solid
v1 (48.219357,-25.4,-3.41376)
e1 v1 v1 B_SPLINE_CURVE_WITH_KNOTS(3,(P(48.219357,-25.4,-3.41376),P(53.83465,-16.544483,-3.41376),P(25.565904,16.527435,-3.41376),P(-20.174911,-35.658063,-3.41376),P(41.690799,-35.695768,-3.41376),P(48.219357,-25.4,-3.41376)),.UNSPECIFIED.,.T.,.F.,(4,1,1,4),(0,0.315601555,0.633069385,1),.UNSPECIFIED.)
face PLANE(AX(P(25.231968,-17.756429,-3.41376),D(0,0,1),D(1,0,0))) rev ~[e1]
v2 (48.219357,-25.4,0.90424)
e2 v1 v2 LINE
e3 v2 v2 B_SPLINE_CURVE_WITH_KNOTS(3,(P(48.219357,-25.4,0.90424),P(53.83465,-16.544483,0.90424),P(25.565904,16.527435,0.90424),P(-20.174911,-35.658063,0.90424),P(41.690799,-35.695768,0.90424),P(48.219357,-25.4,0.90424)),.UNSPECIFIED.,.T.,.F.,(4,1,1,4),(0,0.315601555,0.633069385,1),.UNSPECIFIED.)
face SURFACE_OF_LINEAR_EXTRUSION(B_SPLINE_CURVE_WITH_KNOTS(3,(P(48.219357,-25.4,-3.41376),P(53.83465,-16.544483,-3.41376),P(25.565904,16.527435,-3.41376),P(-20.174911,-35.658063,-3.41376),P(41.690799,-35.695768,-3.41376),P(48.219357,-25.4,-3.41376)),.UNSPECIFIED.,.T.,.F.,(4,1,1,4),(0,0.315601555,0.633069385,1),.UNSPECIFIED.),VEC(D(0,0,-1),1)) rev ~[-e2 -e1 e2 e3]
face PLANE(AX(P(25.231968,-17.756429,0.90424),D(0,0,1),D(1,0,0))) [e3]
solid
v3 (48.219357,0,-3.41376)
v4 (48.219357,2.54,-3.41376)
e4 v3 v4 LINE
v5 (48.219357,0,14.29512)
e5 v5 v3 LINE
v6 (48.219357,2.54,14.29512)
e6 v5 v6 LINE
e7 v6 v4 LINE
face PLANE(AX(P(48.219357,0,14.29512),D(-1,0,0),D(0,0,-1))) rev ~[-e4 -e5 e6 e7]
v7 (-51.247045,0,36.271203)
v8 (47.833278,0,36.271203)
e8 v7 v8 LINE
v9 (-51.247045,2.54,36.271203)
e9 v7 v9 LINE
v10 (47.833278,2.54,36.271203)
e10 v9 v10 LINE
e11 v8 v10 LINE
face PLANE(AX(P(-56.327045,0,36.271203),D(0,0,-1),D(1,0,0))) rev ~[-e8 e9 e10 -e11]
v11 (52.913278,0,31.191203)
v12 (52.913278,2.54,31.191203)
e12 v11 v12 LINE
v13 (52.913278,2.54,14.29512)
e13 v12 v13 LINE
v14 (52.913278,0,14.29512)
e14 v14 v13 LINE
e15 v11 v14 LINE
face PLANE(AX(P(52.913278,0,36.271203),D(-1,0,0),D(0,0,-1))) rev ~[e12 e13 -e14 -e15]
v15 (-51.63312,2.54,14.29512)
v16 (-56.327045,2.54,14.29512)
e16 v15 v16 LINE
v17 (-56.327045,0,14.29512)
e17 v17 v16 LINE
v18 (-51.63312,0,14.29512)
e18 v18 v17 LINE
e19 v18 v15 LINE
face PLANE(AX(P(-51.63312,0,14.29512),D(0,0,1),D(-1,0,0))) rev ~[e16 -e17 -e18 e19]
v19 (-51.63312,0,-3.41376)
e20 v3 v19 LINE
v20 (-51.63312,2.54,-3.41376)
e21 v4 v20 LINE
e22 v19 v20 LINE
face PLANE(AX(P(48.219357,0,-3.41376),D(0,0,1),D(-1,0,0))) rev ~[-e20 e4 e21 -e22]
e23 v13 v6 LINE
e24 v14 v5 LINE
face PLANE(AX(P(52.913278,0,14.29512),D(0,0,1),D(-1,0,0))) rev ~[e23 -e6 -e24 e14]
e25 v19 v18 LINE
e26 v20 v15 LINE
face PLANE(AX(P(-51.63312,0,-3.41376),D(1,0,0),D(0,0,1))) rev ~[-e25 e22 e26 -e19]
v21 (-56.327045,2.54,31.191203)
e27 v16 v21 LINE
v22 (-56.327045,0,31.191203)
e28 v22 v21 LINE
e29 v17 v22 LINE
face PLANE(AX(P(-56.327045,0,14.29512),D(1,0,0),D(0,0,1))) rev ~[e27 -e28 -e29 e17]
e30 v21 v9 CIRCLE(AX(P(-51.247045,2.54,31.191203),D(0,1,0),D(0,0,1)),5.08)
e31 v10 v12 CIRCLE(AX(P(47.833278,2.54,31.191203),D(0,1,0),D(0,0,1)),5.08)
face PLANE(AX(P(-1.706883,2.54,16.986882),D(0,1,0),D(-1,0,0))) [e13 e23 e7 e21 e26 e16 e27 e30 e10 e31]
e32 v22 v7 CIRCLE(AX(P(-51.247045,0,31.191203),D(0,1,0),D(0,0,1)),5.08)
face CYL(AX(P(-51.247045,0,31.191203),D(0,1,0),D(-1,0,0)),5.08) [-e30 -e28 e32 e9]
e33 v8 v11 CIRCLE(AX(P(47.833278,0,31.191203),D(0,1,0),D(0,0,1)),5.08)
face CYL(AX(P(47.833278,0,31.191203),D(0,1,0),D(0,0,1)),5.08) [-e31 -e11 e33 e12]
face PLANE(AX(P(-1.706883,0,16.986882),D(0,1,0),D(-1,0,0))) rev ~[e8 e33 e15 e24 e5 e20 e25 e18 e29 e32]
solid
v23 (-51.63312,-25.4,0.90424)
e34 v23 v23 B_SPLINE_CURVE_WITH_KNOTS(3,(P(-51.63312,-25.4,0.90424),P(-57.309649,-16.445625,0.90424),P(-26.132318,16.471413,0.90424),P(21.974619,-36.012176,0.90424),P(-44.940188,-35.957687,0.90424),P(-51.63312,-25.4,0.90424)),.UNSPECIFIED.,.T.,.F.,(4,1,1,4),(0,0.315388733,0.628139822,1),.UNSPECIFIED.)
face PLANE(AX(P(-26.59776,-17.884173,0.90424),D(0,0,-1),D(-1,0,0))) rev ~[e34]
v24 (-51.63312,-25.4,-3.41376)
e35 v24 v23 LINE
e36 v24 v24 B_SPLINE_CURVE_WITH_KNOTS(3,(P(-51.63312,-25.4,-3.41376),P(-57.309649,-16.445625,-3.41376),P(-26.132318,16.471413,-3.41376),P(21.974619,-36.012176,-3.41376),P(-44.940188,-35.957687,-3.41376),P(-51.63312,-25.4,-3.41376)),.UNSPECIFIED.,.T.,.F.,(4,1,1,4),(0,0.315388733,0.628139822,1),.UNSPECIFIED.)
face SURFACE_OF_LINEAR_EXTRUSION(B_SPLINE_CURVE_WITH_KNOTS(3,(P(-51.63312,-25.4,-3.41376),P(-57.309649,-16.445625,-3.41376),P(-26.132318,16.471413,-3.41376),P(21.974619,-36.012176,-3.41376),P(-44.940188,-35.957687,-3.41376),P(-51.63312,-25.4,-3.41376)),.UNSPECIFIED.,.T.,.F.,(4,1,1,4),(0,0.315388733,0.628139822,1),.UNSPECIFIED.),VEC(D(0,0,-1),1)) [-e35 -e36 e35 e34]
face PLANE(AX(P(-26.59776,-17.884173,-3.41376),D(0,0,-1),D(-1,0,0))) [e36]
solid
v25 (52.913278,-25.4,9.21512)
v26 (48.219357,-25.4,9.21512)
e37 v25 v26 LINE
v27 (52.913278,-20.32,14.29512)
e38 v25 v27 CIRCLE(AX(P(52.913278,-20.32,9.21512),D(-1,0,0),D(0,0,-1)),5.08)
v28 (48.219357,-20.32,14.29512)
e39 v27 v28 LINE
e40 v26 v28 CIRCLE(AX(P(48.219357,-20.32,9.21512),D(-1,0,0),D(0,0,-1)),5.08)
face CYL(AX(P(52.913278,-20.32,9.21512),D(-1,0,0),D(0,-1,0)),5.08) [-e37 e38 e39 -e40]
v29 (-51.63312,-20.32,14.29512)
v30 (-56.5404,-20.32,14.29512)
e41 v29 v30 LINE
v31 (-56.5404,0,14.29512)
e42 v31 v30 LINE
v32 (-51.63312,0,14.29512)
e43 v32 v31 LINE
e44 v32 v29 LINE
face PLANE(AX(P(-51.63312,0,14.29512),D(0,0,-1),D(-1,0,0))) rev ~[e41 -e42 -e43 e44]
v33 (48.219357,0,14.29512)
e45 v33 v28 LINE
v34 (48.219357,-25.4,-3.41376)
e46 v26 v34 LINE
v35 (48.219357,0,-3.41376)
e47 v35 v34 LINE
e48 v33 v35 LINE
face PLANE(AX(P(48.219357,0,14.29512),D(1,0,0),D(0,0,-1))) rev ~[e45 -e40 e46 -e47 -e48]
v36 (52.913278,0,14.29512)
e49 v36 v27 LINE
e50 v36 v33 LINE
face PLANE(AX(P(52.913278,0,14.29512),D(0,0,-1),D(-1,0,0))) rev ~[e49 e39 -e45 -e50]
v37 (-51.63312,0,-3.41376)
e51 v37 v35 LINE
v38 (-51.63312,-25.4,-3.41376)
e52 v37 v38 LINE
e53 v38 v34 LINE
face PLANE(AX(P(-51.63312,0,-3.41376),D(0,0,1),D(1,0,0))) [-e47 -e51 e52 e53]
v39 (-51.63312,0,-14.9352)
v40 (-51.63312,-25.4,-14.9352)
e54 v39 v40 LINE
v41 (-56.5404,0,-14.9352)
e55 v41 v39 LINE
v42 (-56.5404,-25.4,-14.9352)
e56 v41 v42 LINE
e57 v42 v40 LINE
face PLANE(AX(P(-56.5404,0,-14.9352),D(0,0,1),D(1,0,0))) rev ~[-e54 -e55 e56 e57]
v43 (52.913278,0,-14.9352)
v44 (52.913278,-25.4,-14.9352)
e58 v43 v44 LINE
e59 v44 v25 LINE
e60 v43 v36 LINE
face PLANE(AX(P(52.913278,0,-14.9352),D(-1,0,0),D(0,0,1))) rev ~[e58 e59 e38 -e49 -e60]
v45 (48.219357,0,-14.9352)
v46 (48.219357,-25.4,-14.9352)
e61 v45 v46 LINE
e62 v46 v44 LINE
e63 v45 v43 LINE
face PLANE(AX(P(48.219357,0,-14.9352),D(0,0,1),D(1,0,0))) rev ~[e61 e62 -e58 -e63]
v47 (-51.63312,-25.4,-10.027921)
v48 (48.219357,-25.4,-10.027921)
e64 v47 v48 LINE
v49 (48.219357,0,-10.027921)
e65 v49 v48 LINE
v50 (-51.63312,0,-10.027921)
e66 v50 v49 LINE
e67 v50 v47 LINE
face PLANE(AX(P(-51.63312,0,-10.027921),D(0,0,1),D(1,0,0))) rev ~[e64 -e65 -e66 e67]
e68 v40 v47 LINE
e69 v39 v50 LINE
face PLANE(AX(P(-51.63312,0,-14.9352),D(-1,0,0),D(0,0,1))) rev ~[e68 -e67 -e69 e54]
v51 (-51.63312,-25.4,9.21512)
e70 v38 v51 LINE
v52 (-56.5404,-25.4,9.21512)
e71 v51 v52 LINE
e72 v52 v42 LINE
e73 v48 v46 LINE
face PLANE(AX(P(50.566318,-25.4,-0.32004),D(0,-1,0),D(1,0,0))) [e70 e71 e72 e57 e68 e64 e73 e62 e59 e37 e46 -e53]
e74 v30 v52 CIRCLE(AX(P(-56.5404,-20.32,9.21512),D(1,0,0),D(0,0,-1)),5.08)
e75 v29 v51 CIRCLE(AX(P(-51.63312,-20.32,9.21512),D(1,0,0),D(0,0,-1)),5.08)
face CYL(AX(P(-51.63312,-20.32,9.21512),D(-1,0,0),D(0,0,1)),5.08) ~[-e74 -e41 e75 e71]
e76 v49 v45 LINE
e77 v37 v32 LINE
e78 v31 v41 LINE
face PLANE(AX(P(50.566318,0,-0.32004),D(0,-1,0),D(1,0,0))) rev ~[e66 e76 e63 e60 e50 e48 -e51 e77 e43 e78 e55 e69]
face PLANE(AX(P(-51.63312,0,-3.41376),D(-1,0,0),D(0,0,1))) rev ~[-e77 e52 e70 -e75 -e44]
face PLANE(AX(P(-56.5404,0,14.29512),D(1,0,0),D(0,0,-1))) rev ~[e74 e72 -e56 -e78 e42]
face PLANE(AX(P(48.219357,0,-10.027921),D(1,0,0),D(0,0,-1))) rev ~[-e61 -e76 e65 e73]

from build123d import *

# Parameters (mm, degrees)
F0_W      = 99.852476269
F0_H      = 6.614160724
F2_DEPTH  = 25.4
F5_DEPTH  = 2.54
F6_R      = 5.08
F7_R      = 5.08
F8_R      = 5.08
F9_R      = 5.08
F11_DEPTH = 4.318


with BuildPart() as f2:
    # F0 (on Front) → F2 (new body)
    with BuildSketch(Plane.XZ):
        Polygon((48.2193566859, -3.4137601033), (48.2193566859, -10.0279208273), (48.2193566859, -14.9352001026), (52.9132783413, -14.9352001026), (52.9132783413, 14.2951197922), (48.2193566859, 14.2951197922), align=None)
        with Locations((-1.7068814486, -6.7208404653)):
            Rectangle(F0_W, F0_H)
        Polygon((-51.6331195831, -14.9352001026), (-51.6331195831, -10.0279208273), (-51.6331195831, -3.4137601033), (-51.6331195831, 14.2951197922), (-56.5403997898, 14.2951197922), (-56.5403997898, -14.9352001026), align=None)
    extrude(amount=F2_DEPTH)

    # F8
    f8_edges = [f2.edges().sort_by_distance(p)[0] for p in [
        (-54.08676, -25.4, 14.29512),
    ]]
    fillet(f8_edges, radius=F8_R)

    # F9
    f9_edges = [f2.edges().sort_by_distance(p)[0] for p in [
        (50.566318, -25.4, 14.29512),
    ]]
    fillet(f9_edges, radius=F9_R)


with BuildPart() as f5:
    # F3 (on face) → F5 (new body)
    with BuildSketch(Plane(origin=(0, 0, 0), x_dir=(-1, 0, 0), z_dir=(0, 1, 0))):
        Polygon((-52.9132783413, 36.2712033093), (-52.9132783413, 14.2951197922), (-48.2193566859, 14.2951197922), (-48.2193566859, -3.4137601033), (51.6331195831, -3.4137601033), (51.6331195831, 14.2951197922), (56.3270449638, 14.2951197922), (56.3270449638, 36.2712033093), align=None)
    extrude(amount=F5_DEPTH)

    # F6
    f6_edges = [f5.edges().sort_by_distance(p)[0] for p in [
        (-56.327045, 1.27, 36.271203),
    ]]
    fillet(f6_edges, radius=F6_R)

    # F7
    f7_edges = [f5.edges().sort_by_distance(p)[0] for p in [
        (52.913278, 1.27, 36.271203),
    ]]
    fillet(f7_edges, radius=F7_R)


with BuildPart() as f11:
    # F10 (on face) → F11 (new body)
    with BuildSketch(Plane.XY.offset(-3.4137601033)):
        with BuildLine():
            add(Edge.make_bspline(
                [(-51.6331195831, -25.4), (-57.3096488035, -16.4456248773), (-26.1323176839, 16.4714129204), (21.9746192356, -36.0121761492), (-44.940188142, -35.957687007), (-51.6331195831, -25.4)],
                knots=[0, 0, 0, 0, 0.3153887328, 0.6281398221, 1, 1, 1, 1], degree=3))
        make_face()
    extrude(amount=F11_DEPTH)


with BuildPart() as f11b:
    # F10 (on face) → F11, piece 2 (new body)
    with BuildSketch(Plane.XY.offset(-3.4137601033)):
        with BuildLine():
            add(Edge.make_bspline(
                [(48.2193566859, -25.4), (53.8346501258, -16.544482979), (25.5659038487, 16.5274348203), (-20.1749106953, -35.6580634664), (41.6907986408, -35.6957677117), (48.2193566859, -25.4)],
                knots=[0, 0, 0, 0, 0.3156015553, 0.6330693854, 1, 1, 1, 1], degree=3))
        make_face()
    extrude(amount=F11_DEPTH)


solid = Compound([f2.part, f5.part, f11.part, f11b.part])
